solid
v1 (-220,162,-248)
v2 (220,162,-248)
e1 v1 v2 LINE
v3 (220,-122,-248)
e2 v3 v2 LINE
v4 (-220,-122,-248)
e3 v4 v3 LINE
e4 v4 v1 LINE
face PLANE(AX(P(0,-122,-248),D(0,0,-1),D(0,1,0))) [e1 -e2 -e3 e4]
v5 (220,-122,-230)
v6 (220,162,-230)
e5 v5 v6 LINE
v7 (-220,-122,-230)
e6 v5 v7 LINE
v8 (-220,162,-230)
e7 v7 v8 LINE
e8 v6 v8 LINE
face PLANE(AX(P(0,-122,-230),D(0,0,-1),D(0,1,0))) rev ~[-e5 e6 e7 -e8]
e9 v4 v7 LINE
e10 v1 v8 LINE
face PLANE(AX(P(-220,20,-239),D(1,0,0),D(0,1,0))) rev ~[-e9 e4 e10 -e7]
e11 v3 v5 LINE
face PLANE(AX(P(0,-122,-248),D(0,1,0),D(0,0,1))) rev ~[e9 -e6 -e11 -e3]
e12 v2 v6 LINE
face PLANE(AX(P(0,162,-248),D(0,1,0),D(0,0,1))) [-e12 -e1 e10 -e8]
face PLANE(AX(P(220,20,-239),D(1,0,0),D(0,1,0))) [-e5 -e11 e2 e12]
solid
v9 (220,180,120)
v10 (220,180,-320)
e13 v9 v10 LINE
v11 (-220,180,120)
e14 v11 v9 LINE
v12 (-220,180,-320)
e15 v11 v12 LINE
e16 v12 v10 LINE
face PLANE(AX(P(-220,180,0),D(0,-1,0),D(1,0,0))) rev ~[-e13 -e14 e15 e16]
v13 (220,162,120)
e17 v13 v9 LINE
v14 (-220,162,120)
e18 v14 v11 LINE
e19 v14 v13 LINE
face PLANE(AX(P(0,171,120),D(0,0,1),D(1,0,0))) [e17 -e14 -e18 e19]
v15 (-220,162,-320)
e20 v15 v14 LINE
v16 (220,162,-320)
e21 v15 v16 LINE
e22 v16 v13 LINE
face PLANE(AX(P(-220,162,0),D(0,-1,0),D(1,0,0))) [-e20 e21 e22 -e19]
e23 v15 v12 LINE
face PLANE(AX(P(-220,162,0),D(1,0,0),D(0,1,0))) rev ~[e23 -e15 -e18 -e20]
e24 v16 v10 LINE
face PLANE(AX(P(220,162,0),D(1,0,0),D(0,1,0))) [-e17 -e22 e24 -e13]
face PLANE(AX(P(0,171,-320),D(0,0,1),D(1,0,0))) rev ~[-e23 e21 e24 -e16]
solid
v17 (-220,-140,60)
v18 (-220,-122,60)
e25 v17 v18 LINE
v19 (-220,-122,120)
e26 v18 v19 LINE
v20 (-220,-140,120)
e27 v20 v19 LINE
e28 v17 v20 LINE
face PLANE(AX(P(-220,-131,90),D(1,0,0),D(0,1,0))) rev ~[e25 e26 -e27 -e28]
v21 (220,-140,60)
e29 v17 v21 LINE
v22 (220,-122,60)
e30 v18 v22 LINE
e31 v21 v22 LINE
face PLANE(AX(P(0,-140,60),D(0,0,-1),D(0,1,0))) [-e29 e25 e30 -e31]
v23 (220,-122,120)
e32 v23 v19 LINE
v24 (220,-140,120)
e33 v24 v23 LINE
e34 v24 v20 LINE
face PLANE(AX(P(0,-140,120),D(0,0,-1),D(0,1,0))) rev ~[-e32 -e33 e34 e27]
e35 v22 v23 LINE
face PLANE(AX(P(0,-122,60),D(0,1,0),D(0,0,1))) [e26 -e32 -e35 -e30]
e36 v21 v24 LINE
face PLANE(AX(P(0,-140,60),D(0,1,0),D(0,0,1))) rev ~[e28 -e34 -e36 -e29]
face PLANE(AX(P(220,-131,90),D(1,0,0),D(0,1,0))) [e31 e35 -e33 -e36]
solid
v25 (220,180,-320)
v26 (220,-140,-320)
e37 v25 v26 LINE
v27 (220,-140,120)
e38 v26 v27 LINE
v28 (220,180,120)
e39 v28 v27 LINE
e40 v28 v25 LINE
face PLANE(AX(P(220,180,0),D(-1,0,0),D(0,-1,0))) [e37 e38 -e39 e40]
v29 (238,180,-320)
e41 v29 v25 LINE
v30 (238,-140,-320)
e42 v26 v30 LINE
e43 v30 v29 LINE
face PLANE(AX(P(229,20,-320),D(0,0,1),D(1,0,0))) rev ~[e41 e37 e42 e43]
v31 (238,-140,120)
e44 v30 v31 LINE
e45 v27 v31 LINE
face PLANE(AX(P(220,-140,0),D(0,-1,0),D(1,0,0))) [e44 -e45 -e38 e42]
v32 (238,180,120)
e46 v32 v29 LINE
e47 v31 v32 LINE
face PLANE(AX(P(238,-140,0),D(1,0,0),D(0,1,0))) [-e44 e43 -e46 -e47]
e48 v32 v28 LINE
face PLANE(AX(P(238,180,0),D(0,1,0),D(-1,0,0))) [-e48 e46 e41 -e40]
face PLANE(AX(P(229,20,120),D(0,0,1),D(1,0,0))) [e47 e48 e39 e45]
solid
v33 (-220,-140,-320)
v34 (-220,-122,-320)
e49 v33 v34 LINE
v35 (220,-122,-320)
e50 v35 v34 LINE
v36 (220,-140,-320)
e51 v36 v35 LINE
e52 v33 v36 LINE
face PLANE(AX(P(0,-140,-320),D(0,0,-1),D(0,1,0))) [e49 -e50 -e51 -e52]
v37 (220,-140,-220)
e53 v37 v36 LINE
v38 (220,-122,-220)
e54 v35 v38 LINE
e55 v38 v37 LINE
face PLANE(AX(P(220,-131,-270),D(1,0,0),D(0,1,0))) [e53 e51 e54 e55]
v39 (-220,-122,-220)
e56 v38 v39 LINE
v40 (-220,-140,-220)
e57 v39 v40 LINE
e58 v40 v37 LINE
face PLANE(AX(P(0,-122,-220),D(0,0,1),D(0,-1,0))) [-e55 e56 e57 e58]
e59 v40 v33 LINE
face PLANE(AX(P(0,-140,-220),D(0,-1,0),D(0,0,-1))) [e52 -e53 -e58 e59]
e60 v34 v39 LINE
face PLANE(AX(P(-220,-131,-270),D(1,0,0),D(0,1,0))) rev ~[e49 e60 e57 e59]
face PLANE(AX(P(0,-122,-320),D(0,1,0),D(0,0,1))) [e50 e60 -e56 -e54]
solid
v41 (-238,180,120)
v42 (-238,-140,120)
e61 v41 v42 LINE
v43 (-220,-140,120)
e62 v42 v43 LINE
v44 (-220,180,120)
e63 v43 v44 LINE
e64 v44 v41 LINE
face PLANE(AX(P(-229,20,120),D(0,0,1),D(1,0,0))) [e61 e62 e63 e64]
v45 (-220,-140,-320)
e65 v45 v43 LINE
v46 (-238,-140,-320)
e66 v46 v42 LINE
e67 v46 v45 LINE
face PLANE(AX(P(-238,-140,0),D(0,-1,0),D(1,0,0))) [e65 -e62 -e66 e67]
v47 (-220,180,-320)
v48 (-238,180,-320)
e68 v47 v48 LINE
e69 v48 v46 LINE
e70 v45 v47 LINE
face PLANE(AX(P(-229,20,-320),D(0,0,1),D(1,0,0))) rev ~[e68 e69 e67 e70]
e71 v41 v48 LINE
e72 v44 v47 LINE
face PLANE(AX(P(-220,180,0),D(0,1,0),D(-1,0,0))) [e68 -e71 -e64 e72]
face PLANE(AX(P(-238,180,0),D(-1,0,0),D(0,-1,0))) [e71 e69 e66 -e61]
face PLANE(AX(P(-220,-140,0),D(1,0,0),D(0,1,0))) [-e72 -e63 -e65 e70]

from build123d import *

# Parameters (mm, degrees)
F0_W          = 440
F0_H          = 18
F1_DEPTH      = 120
F1_DEPTH_BACK = 320
F2_DEPTH      = 120
F2_DEPTH_BACK = 320
F3_W          = 18
F3_H          = 60
F4_DEPTH      = 220
F4_DEPTH_BACK = 220
F3_W_2        = 284
F3_H_2        = 18
F5_DEPTH      = 220
F5_DEPTH_BACK = 220


with BuildPart() as f1:
    # F0 (on Top) → F1 (new body, two sides)
    with BuildSketch(Plane.XY) as f1_sk:
        with Locations((0, 171)):
            Rectangle(F0_W, F0_H)
    extrude(amount=F1_DEPTH)
    extrude(f1_sk.sketch, amount=-F1_DEPTH_BACK)


with BuildPart() as f2:
    # F0 (on Top) → F2 (new body, two sides)
    with BuildSketch(Plane.XY) as f2_sk:
        Polygon((-238, 180), (-238, -140), (-220, -140), (-220, 162), (-220, 180), align=None)
        Polygon((220, 180), (220, 162), (220, -140), (238, -140), (238, 180), align=None)
    extrude(amount=F2_DEPTH)
    extrude(f2_sk.sketch, amount=-F2_DEPTH_BACK)


with BuildPart() as f4:
    # F3 (on Right) → F4 (new body, two sides)
    with BuildSketch(Plane.YZ) as f4_sk:
        with Locations((-131, 90)):
            Rectangle(F3_W, F3_H)
        Polygon((-122, -248), (-122, -230), (-122, -220), (-140, -220), (-140, -320), (-122, -320), align=None)
    extrude(amount=F4_DEPTH)
    extrude(f4_sk.sketch, amount=-F4_DEPTH_BACK)


with BuildPart() as f5:
    # F3 (on Right) → F5 (new body, two sides)
    with BuildSketch(Plane.YZ) as f5_sk:
        with Locations((20, -239)):
            Rectangle(F3_W_2, F3_H_2)
    extrude(amount=F5_DEPTH)
    extrude(f5_sk.sketch, amount=-F5_DEPTH_BACK)


solid = Compound([f1.part, f2.part, f4.part, f5.part])
